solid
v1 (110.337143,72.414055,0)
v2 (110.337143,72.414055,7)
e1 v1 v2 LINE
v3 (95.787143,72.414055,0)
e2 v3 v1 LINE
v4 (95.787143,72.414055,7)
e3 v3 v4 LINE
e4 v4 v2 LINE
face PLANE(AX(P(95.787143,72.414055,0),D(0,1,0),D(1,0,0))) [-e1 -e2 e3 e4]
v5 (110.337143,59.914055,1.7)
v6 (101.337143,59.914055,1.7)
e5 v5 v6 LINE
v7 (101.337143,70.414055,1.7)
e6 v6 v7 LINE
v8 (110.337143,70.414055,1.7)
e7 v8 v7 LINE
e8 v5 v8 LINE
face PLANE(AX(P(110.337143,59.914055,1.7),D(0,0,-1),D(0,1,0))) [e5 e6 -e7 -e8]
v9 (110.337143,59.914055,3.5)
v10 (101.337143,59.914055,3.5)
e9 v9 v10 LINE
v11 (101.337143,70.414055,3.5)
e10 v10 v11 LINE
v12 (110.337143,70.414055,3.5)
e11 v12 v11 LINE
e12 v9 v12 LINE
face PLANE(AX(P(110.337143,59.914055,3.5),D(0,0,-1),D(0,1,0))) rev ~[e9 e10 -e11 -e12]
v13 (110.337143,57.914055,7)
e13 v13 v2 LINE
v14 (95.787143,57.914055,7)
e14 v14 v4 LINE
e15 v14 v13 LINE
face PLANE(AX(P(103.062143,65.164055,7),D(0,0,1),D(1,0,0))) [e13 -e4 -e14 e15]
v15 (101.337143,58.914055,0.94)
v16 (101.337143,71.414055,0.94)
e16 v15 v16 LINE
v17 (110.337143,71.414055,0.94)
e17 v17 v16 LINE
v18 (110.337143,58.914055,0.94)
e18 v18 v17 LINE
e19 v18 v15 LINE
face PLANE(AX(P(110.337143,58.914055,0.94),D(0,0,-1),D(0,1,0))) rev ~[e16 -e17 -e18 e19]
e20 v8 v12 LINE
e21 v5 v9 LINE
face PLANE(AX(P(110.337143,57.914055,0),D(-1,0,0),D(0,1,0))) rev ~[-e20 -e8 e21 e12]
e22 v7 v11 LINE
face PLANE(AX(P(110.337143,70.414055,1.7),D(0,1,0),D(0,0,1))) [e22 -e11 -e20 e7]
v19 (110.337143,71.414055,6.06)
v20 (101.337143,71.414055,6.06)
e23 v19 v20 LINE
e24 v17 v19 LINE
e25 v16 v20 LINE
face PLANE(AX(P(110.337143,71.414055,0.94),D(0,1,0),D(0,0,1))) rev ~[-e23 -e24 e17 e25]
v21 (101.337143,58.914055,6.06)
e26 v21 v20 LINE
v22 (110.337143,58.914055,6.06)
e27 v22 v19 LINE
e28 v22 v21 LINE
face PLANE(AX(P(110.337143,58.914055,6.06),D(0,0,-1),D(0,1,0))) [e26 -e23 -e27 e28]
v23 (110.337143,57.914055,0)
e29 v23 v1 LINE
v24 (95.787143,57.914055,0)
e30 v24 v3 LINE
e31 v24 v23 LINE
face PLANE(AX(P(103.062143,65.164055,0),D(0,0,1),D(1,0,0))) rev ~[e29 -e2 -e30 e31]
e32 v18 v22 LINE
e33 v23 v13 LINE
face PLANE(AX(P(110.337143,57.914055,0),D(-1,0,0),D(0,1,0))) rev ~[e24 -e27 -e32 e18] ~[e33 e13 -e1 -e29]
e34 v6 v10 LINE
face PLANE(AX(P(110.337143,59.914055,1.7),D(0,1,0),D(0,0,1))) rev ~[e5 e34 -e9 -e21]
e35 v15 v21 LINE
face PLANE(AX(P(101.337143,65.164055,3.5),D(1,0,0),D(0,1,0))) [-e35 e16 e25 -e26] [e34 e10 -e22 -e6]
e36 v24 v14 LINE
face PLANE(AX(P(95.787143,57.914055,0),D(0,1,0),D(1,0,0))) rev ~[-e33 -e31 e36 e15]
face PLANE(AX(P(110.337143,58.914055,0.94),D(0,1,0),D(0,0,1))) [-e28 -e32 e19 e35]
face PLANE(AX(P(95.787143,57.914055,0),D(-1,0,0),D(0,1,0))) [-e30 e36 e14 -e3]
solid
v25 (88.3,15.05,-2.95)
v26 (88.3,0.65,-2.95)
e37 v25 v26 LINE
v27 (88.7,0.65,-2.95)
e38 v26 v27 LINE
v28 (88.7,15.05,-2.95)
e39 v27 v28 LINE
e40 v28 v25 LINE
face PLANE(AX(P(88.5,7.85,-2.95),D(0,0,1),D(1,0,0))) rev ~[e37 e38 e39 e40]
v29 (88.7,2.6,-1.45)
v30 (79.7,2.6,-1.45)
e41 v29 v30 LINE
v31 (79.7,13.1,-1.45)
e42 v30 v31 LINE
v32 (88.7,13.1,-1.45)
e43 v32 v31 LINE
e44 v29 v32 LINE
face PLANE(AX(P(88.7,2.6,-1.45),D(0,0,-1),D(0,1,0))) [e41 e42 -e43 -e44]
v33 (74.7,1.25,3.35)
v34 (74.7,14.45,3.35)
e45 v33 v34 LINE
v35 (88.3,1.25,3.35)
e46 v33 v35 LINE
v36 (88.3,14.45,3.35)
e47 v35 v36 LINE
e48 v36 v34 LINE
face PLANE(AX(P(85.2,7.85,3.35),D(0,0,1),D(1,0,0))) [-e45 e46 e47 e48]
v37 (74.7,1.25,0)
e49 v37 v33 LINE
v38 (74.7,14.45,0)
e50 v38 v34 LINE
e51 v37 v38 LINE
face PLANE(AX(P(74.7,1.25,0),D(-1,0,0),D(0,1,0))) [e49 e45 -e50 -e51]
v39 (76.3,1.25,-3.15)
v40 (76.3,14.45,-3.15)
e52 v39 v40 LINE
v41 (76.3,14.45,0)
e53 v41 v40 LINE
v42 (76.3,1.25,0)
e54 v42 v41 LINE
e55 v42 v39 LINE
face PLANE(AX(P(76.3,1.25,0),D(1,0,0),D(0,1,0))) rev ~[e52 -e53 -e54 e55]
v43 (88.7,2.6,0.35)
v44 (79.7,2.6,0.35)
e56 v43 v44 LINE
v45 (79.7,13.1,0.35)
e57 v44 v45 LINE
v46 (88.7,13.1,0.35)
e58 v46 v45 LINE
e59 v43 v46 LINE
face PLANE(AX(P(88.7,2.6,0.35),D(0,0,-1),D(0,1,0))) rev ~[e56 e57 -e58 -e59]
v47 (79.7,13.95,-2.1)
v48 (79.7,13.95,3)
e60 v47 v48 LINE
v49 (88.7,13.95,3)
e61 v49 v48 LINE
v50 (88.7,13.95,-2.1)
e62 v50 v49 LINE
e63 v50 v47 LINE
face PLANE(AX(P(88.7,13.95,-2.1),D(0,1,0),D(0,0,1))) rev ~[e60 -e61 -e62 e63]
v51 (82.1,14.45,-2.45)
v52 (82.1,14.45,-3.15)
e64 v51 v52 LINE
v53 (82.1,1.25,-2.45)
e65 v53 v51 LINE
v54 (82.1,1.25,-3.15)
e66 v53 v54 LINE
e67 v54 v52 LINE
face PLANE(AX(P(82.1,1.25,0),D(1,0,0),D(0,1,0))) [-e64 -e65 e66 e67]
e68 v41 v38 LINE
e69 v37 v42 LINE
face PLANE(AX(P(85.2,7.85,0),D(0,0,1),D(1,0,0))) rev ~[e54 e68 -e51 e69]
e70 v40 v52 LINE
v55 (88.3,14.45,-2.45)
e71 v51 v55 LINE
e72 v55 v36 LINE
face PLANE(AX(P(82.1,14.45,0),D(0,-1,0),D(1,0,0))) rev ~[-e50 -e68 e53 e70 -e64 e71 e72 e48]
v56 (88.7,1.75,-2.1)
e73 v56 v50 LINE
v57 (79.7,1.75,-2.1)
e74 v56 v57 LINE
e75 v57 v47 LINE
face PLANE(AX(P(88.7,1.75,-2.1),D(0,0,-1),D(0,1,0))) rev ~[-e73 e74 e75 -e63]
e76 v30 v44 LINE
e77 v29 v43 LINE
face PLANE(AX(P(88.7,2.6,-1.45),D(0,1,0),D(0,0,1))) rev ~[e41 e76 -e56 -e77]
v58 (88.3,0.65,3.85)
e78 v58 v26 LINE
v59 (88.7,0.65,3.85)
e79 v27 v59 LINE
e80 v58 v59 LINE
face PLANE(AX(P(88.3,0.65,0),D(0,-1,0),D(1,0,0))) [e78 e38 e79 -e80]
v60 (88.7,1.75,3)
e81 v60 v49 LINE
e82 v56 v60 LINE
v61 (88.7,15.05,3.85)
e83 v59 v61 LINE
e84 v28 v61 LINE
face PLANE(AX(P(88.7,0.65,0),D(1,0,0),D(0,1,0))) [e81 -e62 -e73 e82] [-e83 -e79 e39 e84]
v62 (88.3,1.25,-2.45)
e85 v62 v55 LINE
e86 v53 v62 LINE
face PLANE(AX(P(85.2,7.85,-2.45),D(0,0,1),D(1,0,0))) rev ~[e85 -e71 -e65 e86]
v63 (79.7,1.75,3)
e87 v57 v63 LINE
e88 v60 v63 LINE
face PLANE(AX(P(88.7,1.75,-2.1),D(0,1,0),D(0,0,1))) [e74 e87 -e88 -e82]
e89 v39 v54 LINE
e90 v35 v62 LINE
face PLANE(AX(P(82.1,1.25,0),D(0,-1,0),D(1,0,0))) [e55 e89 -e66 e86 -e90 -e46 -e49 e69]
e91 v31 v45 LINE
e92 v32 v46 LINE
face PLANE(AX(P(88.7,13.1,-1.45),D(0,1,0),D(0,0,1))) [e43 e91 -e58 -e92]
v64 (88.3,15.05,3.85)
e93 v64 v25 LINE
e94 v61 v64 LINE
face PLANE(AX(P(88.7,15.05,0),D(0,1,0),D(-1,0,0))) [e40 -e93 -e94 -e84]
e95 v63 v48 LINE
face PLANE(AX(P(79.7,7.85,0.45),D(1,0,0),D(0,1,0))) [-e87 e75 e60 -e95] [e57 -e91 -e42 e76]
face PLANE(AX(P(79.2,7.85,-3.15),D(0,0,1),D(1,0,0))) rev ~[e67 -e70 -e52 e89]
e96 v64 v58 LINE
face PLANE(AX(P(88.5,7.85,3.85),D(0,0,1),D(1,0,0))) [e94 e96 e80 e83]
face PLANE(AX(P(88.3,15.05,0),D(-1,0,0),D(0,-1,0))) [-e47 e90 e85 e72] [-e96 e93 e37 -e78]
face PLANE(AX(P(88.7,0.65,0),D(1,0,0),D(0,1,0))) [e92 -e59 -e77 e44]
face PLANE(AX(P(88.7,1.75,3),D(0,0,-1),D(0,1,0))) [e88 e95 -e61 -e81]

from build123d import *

# Parameters (mm, degrees)
F1_W          = 6.2
F1_H          = 13.2
F1_W_2        = 5.8
F1_W_3        = 1.6
F2_DEPTH      = 3.35
F3_DEPTH      = 3.15
F4_DEPTH      = 2.45
F5_DEPTH      = 3.85
F5_DEPTH_BACK = 2.95
F6_W          = 12.2
F6_H          = 5.1
F6_W_2        = 10.5
F6_H_2        = 1.8
F7_DEPTH      = 9
F8_W          = 14.55
F8_H          = 14.5
F9_DEPTH      = 7
F10_W         = 12.5
F10_H         = 5.12
F10_W_2       = 10.5
F10_H_2       = 1.8
F11_DEPTH     = 9


with BuildPart() as f2:
    # F1 (on Top) → F2 (new body)
    with BuildSketch(Plane.XY):
        with Locations((85.2, 7.85)):
            Rectangle(F1_W, F1_H)
        with Locations((79.2, 7.85)):
            Rectangle(F1_W_2, F1_H)
        with Locations((75.5, 7.85)):
            Rectangle(F1_W_3, F1_H)
    extrude(amount=F2_DEPTH)

    # F1 (on Top) → F3 (join)
    with BuildSketch(Plane.XY):
        with Locations((79.2, 7.85)):
            Rectangle(F1_W_2, F1_H)
    extrude(amount=-F3_DEPTH)

    # F1 (on Top) → F4 (join)
    with BuildSketch(Plane.XY):
        with Locations((85.2, 7.85)):
            Rectangle(F1_W, F1_H)
    extrude(amount=-F4_DEPTH)

    # F1 (on Top) → F5 (join, two sides)
    with BuildSketch(Plane.XY) as f5_sk:
        Polygon((88.3, 14.45), (88.3, 1.25), (88.3, 0.65), (88.7, 0.65), (88.7, 15.05), (88.3, 15.05), align=None)
    extrude(amount=F5_DEPTH)
    extrude(f5_sk.sketch, amount=-F5_DEPTH_BACK)

    # F6 (on face) → F7 (cut)
    with BuildSketch(Plane.YZ.offset(88.7)):
        with Locations((7.85, 0.45)):
            Rectangle(F6_W, F6_H)
        with Locations((7.85, -0.55)):
            Rectangle(F6_W_2, F6_H_2, mode=Mode.SUBTRACT)
    extrude(amount=-F7_DEPTH, mode=Mode.SUBTRACT)


with BuildPart() as f9:
    # F8 (on Top) → F9 (new body)
    with BuildSketch(Plane.XY):
        with Locations((103.062142683, 65.1640551686)):
            Rectangle(F8_W, F8_H)
    extrude(amount=F9_DEPTH)

    # F10 (on face) → F11 (cut)
    with BuildSketch(Plane.YZ.offset(110.337142683)):
        with Locations((65.1640551686, 3.5)):
            Rectangle(F10_W, F10_H)
        with Locations((65.1640551686, 2.6)):
            Rectangle(F10_W_2, F10_H_2, mode=Mode.SUBTRACT)
    extrude(amount=-F11_DEPTH, mode=Mode.SUBTRACT)


solid = Compound([f2.part, f9.part])
